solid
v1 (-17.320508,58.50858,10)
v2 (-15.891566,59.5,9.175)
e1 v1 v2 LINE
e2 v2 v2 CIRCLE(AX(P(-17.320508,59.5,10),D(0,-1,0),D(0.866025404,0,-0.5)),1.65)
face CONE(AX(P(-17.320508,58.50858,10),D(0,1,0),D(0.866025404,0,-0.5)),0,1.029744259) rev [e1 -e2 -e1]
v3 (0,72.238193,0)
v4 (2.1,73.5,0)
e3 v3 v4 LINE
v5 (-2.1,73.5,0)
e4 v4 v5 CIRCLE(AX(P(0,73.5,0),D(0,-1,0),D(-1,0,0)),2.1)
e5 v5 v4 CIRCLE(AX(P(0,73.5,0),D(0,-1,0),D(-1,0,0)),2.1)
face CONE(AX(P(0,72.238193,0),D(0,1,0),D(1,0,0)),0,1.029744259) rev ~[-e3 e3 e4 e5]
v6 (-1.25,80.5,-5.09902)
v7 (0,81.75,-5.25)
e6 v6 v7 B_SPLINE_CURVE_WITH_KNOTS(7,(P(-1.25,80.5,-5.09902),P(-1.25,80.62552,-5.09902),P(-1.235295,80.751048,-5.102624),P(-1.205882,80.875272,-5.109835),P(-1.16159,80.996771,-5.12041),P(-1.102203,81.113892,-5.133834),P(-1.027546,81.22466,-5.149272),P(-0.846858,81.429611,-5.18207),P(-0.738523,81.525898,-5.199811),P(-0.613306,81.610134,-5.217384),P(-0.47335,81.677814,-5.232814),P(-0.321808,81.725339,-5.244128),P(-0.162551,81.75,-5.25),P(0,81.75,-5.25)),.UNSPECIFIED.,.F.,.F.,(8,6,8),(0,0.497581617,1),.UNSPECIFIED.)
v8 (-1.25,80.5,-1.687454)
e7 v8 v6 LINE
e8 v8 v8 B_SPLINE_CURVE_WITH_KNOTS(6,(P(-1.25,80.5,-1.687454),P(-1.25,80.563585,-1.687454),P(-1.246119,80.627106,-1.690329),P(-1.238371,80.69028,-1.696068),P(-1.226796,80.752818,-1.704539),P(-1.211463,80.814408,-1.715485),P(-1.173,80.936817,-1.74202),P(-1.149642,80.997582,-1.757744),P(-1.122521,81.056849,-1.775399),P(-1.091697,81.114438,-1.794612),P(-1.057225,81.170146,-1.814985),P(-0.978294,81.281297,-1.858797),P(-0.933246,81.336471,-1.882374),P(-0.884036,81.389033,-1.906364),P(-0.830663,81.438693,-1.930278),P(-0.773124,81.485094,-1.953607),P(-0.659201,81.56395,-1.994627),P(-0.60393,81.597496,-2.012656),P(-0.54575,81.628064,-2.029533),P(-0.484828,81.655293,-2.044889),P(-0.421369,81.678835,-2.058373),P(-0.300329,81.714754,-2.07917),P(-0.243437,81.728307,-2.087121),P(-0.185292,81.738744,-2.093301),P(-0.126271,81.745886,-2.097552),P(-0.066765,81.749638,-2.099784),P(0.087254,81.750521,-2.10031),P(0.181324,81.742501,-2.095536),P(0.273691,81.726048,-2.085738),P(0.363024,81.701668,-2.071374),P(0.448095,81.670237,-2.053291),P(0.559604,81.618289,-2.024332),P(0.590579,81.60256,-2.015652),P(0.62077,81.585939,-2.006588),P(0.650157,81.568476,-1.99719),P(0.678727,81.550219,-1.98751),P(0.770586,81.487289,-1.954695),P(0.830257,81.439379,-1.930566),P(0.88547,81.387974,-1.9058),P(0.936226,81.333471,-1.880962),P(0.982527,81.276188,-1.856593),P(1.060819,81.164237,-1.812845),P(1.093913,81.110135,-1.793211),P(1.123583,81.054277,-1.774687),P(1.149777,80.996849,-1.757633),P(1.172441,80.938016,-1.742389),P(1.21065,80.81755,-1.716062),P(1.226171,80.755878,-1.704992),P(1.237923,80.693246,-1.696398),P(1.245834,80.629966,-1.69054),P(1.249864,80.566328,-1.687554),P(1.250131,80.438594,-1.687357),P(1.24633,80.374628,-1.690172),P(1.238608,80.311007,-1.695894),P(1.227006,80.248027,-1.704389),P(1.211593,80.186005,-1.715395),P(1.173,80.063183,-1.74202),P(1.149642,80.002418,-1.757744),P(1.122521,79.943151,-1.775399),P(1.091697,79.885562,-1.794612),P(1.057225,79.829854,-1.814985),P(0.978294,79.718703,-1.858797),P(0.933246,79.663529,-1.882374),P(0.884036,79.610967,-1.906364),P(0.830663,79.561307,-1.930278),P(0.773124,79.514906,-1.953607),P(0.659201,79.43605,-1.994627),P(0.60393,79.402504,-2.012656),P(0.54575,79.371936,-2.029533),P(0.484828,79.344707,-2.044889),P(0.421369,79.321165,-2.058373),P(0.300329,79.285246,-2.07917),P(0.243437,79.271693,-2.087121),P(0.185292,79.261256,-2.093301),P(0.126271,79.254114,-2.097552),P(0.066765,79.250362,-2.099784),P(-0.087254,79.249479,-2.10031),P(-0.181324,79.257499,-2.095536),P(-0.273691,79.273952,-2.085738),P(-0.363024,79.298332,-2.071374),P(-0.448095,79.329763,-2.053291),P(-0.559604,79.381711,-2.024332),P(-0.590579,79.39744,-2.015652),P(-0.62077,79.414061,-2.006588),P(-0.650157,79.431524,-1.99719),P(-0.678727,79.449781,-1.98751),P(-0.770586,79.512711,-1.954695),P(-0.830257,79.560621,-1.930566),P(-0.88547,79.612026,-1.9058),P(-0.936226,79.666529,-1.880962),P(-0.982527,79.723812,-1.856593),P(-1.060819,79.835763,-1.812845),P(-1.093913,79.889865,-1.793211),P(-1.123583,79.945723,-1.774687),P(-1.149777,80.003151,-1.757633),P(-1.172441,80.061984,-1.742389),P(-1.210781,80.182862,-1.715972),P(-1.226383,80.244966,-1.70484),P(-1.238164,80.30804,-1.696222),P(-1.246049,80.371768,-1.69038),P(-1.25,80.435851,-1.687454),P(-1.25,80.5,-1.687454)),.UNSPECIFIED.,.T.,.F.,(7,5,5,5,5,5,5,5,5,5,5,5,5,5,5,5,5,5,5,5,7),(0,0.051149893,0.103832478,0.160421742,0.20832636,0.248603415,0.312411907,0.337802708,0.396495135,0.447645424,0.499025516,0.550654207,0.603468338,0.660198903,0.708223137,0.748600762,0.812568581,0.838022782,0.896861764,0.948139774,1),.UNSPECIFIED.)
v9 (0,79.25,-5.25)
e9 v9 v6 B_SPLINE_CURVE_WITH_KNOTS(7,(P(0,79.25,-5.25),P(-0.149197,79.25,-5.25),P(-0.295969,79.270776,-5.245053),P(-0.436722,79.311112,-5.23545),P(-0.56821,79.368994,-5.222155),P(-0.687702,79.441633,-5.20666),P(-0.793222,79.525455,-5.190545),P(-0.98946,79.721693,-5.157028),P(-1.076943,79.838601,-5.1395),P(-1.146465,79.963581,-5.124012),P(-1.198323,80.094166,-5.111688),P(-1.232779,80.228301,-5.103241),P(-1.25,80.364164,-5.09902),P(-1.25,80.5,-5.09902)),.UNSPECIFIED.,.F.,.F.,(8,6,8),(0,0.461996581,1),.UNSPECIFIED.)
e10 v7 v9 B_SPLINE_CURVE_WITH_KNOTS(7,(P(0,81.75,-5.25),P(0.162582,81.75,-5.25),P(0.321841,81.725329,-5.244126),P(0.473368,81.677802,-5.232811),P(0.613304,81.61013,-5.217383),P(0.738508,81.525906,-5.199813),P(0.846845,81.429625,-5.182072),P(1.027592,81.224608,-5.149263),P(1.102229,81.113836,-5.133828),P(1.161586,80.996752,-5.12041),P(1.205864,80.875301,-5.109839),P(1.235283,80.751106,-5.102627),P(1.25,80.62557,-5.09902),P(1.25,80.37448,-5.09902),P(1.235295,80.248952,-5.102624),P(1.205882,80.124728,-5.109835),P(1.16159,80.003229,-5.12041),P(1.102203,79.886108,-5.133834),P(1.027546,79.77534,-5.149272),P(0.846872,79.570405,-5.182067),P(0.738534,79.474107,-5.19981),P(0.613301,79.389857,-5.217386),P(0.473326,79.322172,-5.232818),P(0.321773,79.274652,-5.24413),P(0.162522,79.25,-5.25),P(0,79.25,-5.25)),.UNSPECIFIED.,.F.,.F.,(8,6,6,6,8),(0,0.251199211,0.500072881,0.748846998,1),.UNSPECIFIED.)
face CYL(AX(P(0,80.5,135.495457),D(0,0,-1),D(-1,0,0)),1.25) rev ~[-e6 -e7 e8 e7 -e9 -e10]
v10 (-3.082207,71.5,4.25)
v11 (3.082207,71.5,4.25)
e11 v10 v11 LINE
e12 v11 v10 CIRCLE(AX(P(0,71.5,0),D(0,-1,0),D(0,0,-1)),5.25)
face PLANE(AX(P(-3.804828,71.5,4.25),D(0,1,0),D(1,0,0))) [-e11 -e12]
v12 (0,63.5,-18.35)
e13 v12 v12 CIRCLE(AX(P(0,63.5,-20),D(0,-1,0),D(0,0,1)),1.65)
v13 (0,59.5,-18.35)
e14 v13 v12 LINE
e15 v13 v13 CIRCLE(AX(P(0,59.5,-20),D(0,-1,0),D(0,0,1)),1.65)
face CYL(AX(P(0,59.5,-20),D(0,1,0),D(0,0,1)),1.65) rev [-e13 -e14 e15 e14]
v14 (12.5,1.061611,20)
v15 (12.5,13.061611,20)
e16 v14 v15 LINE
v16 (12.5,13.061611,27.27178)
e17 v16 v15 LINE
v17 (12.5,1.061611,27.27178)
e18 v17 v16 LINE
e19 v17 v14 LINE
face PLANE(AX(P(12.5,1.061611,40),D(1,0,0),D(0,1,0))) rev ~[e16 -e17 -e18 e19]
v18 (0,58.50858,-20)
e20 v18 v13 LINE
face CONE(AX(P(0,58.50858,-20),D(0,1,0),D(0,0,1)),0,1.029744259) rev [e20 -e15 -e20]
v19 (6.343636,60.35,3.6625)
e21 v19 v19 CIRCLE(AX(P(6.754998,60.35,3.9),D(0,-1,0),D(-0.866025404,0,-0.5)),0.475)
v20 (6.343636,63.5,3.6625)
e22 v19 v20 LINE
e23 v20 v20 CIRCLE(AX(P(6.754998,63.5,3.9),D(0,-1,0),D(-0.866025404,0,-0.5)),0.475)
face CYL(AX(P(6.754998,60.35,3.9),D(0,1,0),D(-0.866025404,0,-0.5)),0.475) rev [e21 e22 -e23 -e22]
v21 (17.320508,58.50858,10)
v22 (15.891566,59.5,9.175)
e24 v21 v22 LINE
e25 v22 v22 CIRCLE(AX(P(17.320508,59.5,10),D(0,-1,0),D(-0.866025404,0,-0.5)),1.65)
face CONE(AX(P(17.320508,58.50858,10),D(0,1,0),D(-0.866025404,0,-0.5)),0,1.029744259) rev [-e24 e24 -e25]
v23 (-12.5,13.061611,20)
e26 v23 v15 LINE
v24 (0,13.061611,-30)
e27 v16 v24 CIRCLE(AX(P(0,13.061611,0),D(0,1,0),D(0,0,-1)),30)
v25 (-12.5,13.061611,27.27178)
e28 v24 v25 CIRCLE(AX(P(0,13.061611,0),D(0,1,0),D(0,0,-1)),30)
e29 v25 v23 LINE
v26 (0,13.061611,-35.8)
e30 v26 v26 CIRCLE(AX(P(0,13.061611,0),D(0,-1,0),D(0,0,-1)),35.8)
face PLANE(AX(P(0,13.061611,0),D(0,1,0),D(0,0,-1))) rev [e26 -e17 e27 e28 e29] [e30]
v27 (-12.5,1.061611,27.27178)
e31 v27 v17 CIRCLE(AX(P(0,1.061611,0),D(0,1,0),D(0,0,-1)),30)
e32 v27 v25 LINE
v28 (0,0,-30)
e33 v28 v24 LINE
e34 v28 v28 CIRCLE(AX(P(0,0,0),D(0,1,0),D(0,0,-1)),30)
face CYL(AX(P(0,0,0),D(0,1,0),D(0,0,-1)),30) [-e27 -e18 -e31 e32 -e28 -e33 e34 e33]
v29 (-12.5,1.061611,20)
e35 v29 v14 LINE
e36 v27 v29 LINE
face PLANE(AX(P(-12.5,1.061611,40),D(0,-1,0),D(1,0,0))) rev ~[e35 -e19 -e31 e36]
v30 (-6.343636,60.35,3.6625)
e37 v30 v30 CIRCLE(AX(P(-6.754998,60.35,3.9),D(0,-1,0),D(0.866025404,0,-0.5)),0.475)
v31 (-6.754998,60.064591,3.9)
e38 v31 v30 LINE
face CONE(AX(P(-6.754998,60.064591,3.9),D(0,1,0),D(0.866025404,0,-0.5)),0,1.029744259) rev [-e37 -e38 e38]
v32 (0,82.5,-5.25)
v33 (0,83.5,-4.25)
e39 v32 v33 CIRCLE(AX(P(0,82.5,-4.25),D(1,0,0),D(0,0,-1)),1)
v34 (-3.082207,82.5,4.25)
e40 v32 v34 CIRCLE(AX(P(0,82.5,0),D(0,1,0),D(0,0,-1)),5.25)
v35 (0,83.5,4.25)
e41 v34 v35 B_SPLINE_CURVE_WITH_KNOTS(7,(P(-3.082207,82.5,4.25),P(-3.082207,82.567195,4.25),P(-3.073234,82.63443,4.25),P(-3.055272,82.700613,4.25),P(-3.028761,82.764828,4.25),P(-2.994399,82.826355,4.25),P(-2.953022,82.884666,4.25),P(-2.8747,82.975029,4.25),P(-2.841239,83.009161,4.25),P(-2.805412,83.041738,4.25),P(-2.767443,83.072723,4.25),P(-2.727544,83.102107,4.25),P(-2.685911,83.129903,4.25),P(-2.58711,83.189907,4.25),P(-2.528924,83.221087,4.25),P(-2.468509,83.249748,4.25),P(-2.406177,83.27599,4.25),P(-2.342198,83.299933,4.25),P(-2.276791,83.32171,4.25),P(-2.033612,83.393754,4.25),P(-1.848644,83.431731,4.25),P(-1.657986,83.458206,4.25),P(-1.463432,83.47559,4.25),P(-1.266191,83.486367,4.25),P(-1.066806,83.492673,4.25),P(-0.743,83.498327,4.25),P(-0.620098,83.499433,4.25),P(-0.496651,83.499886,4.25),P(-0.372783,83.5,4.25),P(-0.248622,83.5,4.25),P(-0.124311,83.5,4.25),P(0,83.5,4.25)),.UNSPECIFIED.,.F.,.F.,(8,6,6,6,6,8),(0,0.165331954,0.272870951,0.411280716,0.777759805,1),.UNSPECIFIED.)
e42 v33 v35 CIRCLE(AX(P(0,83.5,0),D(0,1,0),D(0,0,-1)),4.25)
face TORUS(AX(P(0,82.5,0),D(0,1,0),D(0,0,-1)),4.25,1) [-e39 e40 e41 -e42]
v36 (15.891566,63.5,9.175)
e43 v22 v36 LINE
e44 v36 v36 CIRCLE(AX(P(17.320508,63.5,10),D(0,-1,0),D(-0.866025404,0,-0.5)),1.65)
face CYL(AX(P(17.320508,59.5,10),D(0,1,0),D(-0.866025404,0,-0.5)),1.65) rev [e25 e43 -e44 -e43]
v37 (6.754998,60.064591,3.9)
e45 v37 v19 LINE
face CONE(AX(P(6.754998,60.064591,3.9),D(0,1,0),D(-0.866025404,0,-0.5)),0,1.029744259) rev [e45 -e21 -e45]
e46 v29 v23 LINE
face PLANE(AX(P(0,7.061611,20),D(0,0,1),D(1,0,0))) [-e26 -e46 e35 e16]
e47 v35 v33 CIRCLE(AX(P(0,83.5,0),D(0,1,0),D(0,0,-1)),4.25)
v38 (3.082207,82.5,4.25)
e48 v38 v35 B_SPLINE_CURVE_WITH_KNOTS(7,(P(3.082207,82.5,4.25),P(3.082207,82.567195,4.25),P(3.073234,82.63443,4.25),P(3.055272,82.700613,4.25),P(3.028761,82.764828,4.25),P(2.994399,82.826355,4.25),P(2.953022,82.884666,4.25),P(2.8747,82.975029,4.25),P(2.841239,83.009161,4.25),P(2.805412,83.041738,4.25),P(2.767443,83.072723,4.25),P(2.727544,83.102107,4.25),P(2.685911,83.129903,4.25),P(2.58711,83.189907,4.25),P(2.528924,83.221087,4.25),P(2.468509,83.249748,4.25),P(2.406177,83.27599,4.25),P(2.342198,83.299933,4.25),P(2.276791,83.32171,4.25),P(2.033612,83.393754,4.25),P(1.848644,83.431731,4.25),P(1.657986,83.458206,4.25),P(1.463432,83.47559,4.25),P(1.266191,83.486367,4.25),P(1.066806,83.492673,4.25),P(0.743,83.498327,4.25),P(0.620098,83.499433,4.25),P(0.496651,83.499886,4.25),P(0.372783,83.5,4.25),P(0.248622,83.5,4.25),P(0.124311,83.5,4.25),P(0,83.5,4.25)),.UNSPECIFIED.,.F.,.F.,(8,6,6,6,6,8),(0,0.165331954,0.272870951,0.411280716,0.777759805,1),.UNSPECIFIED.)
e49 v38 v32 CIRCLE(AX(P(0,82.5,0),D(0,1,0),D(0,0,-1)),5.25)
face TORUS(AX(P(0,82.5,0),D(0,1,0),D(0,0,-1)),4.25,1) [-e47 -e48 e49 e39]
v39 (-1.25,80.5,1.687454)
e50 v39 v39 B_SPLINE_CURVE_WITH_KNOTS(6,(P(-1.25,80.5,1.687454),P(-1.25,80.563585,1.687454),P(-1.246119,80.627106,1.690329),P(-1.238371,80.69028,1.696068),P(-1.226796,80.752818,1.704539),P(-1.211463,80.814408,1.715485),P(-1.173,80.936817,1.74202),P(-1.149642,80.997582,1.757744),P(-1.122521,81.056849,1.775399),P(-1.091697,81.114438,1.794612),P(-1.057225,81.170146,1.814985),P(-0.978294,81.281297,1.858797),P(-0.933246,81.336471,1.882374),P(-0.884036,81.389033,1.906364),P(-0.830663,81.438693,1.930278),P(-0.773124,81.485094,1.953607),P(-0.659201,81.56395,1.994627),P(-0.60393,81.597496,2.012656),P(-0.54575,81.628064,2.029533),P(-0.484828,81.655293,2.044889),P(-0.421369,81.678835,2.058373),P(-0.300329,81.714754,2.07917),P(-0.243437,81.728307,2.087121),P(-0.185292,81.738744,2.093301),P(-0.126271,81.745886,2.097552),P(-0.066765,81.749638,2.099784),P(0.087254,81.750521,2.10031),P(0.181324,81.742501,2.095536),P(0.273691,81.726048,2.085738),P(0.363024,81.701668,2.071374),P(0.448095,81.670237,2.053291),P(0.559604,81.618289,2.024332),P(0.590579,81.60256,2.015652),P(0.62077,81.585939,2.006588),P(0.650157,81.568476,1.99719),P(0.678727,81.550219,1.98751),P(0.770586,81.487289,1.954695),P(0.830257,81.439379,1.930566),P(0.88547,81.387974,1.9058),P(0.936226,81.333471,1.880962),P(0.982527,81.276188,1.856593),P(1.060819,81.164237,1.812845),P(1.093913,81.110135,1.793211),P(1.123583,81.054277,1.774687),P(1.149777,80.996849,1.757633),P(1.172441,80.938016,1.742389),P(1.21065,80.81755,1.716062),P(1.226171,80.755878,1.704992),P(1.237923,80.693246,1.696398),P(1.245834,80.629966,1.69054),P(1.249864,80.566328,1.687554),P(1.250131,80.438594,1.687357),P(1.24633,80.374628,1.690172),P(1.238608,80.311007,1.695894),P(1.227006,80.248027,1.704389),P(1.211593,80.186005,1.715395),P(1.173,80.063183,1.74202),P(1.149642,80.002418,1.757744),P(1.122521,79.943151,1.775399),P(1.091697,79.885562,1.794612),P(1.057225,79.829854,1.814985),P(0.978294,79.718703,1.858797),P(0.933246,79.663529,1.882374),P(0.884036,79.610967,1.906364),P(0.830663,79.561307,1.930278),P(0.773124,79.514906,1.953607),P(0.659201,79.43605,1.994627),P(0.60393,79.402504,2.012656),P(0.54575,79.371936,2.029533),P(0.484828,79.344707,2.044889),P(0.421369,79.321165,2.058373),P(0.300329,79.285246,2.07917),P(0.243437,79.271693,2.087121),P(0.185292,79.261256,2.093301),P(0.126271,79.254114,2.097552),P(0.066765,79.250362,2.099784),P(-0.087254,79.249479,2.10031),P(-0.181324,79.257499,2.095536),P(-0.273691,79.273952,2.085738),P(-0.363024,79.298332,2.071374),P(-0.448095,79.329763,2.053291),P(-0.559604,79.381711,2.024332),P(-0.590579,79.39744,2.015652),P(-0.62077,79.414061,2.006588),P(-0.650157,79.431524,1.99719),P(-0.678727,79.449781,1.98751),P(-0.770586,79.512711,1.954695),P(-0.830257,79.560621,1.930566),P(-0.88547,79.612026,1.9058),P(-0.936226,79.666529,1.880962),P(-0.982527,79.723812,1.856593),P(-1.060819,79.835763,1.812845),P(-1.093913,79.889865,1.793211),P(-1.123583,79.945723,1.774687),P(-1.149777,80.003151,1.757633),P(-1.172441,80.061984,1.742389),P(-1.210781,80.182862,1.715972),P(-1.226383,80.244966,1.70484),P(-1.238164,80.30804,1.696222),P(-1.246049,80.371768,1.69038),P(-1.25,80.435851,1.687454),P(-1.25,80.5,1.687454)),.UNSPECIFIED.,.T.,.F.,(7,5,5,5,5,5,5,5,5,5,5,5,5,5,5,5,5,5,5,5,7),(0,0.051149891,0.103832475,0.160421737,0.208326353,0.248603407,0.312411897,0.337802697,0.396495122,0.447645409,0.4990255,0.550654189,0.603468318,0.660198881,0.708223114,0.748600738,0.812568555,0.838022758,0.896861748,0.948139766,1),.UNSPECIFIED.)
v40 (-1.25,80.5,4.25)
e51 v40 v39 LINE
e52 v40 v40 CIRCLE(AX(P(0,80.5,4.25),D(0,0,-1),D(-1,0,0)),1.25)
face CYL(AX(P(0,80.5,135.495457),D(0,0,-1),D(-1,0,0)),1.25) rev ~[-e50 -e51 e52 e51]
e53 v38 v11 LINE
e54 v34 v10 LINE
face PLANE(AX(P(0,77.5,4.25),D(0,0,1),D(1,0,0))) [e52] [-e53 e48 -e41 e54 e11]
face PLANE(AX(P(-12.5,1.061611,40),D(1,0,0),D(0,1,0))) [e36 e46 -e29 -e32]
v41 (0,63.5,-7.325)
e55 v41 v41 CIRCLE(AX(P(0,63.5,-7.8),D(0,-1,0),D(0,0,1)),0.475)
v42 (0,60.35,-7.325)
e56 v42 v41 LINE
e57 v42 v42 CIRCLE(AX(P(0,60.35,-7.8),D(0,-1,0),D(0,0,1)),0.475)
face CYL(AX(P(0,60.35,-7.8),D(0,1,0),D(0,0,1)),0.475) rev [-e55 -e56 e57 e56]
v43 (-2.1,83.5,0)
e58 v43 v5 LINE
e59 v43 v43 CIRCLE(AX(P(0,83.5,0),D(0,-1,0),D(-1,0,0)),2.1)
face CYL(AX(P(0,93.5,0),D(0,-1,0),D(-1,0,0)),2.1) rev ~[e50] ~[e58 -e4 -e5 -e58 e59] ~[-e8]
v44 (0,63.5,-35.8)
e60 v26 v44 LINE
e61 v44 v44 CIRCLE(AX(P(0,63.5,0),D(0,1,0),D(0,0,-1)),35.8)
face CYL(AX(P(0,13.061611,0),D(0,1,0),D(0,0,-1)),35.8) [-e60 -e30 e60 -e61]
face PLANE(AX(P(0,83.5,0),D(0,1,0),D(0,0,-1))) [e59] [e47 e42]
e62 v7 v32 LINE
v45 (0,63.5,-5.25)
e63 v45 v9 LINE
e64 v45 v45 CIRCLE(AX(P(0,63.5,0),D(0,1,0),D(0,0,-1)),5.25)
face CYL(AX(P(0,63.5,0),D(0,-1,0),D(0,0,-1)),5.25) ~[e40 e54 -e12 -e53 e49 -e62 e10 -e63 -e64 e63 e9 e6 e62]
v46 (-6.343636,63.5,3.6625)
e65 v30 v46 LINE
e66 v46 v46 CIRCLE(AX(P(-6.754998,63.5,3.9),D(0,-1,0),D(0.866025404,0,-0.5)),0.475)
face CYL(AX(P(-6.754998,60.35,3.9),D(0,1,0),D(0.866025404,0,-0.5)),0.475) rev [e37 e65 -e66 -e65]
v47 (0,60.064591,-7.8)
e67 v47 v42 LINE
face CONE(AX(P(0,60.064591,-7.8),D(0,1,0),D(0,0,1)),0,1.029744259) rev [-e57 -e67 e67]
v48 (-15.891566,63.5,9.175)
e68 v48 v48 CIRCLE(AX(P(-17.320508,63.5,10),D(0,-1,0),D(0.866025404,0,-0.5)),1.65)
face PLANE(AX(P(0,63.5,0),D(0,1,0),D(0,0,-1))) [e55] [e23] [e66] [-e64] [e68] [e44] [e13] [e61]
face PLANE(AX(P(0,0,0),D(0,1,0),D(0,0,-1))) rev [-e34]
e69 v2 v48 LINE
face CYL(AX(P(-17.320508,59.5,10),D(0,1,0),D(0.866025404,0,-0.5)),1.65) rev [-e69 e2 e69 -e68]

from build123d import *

# Parameters (mm, degrees)
SKETCH_2_R               = 5.25
EXTRUDE_1_DEPTH          = 20
PATTERN_CIRCULAR_1_COUNT = 3
SKETCH_7_W               = 25
SKETCH_7_H               = 12
CUT_EXTRUDE_1_DEPTH      = 20
FILLET_1_R               = 1
SKETCH_9_W               = 7.609655
SKETCH_9_H               = 12
CUT_EXTRUDE_2_DEPTH      = 20
HOLE_WIZARD_M3_1_D       = 2.5
HOLE_WIZARD_M5_1_D       = 4.2
HOLE_WIZARD_M5_1_DEPTH   = 10
HOLE_WIZARD_M5_1_TIP     = 1.2618073


with BuildPart() as part:
    # 草图1 → 旋转1 (revolve)
    with BuildSketch(Plane(origin=(0, 0, 0), x_dir=(0, 0, -1), z_dir=(1, 0, 0)), mode=Mode.PRIVATE) as revolve_1_sk:
        Polygon((0, 0), (-30, 0), (-30, 13.061610641), (-35.8, 13.061610641), (-35.8, 63.5), (0, 63.5), align=None)
    revolve(revolve_1_sk.sketch.rotate(Axis((0, 0, 0), (0, 1, 0)), 180), axis=Axis((0, 0, 0), (0, 1, 0)))

    # 草图2 → 凸台-拉伸1 (add)
    with BuildSketch(Plane(origin=(0, 63.5, 0), x_dir=(1, 0, 0), z_dir=(0, 1, 0))):
        with Locations(Location((0, 0, 0), (0, 0, 90))):
            Circle(SKETCH_2_R)
    extrude(amount=EXTRUDE_1_DEPTH)

    # 草图3 → M4 螺纹孔1 (revolve, cut)
    with BuildSketch(Plane(origin=(0, 63.5, -20), x_dir=(0, 0, 1), z_dir=(1, 0, 0))):
        Polygon((0, 0), (0, 4.991420021), (1.65, 4), (1.65, 0), align=None)
    hole_wizard_m4_1 = revolve(axis=Axis((0, 69.85, -20), (0, -1, 0)), mode=Mode.SUBTRACT)

    # 草图5 → M1.2x0.25 螺纹孔1 (revolve, cut)
    with BuildSketch(Plane(origin=(0, 63.5, -7.8), x_dir=(0, 0, 1), z_dir=(1, 0, 0))):
        Polygon((0, 0), (0, 3.435408794), (0.475, 3.15), (0.475, 0), align=None)
    m1_2x0_25_1 = revolve(axis=Axis((0, 69.85, -7.8), (0, -1, 0)), mode=Mode.SUBTRACT)

    # 阵列(圆周)1: M4 螺纹孔1, M1.2x0.25 螺纹孔1 ×3 about axis
    pattern_circular_1_axis = Axis((0, 0, 0), (0, 1, 0))
    add([hole_wizard_m4_1.rotate(pattern_circular_1_axis, i * 360 / PATTERN_CIRCULAR_1_COUNT) for i in range(1, PATTERN_CIRCULAR_1_COUNT)], mode=Mode.SUBTRACT)
    add([m1_2x0_25_1.rotate(pattern_circular_1_axis, i * 360 / PATTERN_CIRCULAR_1_COUNT) for i in range(1, PATTERN_CIRCULAR_1_COUNT)], mode=Mode.SUBTRACT)

    # 草图7 → 切除-拉伸1 (cut)
    with BuildSketch(Plane.XY.offset(40)):
        with Locations((0, 7.061610641)):
            Rectangle(SKETCH_7_W, SKETCH_7_H)
    extrude(amount=-CUT_EXTRUDE_1_DEPTH, mode=Mode.SUBTRACT)

    # 圆角1
    fillet_1_edges = [part.edges().sort_by_distance(p)[0] for p in [
        (0, 83.5, 5.25),
    ]]
    fillet(fillet_1_edges, radius=FILLET_1_R)

    # 草图9 → 切除-拉伸2 (cut)
    with BuildSketch(Plane.XY.offset(4.25)):
        with Locations((0, 77.5)):
            Rectangle(SKETCH_9_W, SKETCH_9_H)
    extrude(amount=CUT_EXTRUDE_2_DEPTH, mode=Mode.SUBTRACT)

    # M3 螺纹孔1 (through all)
    with Locations(Plane.XY.offset(4.25)):
        with Locations((0, 80.5)):
            Hole(HOLE_WIZARD_M3_1_D / 2)

    # M5 螺纹孔1
    with Locations(Plane(origin=(0, 83.5, 0), x_dir=(1, 0, 0), z_dir=(0, 1, 0))):
        with Locations((0, 0)):
            Hole(HOLE_WIZARD_M5_1_D / 2, depth=HOLE_WIZARD_M5_1_DEPTH)
            with Locations((0, 0, -(HOLE_WIZARD_M5_1_DEPTH + HOLE_WIZARD_M5_1_TIP / 2))):  # 118° drill point
                Cone(0, HOLE_WIZARD_M5_1_D / 2, HOLE_WIZARD_M5_1_TIP, mode=Mode.SUBTRACT)


solid = part.part
